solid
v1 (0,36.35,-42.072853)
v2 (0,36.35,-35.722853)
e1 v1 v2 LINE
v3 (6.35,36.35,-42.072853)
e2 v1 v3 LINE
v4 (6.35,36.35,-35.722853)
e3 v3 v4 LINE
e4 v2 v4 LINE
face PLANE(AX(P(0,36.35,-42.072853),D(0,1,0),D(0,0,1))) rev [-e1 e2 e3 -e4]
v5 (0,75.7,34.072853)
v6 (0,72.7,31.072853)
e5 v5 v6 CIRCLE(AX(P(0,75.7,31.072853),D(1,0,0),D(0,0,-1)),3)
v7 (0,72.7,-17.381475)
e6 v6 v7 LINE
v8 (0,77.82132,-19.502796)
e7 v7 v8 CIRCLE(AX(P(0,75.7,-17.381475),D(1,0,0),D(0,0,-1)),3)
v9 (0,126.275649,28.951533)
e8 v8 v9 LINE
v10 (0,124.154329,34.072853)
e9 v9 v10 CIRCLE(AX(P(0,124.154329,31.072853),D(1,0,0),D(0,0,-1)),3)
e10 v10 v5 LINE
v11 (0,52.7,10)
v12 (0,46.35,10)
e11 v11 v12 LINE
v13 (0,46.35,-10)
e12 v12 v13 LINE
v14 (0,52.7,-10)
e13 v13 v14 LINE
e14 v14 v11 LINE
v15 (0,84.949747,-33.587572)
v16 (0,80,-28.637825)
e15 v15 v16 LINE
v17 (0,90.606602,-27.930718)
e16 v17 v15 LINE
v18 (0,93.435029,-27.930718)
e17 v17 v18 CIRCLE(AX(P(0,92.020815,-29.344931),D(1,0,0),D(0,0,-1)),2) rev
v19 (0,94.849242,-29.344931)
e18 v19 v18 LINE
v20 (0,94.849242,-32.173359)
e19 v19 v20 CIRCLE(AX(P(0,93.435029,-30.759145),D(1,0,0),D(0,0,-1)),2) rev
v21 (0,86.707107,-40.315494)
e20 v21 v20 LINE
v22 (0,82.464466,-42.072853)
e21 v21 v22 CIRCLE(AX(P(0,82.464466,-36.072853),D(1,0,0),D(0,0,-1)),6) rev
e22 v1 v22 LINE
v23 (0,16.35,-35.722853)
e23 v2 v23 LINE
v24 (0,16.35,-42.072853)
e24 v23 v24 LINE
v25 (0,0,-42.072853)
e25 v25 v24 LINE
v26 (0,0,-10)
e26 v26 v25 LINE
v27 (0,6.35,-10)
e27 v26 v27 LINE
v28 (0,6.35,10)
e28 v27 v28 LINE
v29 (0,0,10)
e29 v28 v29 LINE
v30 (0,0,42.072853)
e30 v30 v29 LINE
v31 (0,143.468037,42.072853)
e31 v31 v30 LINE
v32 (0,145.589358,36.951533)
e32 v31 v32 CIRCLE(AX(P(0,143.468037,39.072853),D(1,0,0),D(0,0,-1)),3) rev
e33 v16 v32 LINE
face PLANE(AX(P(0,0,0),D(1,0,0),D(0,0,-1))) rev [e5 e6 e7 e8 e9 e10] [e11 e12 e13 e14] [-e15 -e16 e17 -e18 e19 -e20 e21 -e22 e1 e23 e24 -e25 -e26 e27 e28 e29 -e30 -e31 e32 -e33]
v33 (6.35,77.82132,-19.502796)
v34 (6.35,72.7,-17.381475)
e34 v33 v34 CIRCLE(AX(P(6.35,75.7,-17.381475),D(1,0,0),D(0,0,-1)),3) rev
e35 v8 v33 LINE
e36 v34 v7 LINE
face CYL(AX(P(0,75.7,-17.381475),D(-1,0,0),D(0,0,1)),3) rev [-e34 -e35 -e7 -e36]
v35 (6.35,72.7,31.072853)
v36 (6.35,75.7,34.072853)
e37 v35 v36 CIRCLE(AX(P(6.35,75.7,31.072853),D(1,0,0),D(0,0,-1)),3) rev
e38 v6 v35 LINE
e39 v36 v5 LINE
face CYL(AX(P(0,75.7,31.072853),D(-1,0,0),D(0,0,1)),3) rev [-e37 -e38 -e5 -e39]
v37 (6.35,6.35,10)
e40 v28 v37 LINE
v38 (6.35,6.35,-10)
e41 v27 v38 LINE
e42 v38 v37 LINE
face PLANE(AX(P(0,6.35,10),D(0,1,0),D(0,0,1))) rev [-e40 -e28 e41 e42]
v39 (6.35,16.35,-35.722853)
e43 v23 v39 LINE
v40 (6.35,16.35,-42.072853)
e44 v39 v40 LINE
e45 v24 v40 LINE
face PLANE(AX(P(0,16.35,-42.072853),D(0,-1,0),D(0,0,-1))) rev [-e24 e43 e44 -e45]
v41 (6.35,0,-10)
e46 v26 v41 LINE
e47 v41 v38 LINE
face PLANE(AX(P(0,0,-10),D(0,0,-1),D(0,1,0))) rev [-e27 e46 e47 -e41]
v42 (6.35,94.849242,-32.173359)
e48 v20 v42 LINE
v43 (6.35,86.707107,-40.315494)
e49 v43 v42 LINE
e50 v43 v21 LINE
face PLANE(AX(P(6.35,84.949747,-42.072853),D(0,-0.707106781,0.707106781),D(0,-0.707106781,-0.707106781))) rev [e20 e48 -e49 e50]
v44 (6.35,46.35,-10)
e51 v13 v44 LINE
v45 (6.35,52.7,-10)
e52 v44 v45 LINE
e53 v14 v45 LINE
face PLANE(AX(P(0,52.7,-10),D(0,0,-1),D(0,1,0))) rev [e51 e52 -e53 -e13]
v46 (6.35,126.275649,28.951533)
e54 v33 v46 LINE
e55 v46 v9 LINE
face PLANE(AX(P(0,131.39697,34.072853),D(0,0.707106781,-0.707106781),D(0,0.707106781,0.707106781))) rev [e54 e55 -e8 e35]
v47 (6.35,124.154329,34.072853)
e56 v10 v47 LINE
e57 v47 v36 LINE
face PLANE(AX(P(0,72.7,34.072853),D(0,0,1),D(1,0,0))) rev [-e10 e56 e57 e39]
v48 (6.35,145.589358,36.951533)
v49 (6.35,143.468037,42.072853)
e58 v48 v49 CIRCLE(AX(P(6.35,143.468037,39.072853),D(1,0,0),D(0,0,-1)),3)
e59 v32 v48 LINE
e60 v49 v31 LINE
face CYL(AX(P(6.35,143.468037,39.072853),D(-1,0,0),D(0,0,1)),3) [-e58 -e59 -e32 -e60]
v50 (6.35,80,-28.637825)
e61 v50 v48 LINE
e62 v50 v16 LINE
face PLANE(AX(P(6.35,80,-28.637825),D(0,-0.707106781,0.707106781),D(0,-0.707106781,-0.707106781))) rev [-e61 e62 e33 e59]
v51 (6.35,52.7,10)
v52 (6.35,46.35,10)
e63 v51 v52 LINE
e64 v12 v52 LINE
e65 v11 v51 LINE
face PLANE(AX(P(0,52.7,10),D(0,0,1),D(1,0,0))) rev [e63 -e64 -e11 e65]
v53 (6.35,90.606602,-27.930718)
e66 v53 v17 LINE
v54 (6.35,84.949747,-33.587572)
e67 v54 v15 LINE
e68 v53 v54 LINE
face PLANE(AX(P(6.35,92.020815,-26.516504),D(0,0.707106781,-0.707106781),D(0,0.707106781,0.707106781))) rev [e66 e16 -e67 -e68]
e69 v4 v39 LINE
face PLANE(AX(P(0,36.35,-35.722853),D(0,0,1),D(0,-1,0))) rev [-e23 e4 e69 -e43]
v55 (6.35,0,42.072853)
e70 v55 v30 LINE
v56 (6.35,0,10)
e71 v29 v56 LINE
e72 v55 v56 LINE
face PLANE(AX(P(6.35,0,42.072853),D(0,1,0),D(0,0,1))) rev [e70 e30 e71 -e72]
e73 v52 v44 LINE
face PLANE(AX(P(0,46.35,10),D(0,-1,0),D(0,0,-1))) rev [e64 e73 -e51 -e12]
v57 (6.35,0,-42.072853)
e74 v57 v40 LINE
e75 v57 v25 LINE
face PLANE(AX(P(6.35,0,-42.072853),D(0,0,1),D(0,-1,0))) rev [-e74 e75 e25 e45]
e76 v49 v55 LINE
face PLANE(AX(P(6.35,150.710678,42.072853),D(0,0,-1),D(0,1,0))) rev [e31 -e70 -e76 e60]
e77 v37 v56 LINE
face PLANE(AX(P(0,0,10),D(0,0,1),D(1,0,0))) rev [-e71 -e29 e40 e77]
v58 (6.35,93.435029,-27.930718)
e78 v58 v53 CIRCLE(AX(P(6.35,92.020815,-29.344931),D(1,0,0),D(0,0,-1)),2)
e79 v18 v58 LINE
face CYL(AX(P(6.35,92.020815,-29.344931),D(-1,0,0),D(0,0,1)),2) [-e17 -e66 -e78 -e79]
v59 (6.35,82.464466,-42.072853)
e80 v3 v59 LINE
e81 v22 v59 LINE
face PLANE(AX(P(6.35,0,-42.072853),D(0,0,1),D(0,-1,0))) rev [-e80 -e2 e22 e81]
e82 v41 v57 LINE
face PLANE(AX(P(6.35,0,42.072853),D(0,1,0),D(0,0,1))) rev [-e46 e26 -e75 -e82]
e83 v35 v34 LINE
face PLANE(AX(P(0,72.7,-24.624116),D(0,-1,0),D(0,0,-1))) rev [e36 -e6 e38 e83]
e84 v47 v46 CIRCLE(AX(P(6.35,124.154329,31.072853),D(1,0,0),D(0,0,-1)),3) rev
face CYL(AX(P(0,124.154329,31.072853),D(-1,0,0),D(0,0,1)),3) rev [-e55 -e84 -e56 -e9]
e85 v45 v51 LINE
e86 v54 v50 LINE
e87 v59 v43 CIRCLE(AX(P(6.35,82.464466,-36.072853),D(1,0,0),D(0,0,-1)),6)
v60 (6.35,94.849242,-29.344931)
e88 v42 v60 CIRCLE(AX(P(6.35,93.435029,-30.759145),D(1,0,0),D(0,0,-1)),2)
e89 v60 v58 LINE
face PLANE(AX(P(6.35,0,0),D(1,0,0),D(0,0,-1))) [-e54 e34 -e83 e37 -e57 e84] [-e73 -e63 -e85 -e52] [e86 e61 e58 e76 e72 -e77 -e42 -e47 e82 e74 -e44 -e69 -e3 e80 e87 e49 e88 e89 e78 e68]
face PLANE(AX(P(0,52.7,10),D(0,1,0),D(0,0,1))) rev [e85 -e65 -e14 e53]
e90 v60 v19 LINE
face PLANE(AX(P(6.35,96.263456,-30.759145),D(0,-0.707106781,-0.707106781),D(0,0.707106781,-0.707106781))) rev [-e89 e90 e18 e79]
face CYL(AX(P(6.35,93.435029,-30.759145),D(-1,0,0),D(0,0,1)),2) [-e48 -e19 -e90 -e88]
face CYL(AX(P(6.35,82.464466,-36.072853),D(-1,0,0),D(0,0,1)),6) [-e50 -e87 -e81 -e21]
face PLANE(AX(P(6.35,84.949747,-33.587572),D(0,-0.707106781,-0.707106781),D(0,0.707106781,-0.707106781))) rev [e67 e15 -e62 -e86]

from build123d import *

# Parameters (mm, degrees)
BOSS_EXTRU_1_DEPTH      = 6.35
ESQUISSE2_W             = 20
ESQUISSE2_H             = 6.35
ESQUISSE2_W_2           = 6.35
ESQUISSE2_H_2           = 20
ENL_V_MAT_EXTRU_1_DEPTH = 157.601902923
CONG_1_R                = 6
CONG_2_R                = 2
ENL_V_MAT_EXTRU_2_DEPTH = 157.601902923
CONG_4_R                = 3


with BuildPart() as part:
    # Esquisse1 → Boss.-Extru.1 (new body)
    with BuildSketch(Plane(origin=(0, 0, 0), x_dir=(0, 0, -1), z_dir=(1, 0, 0))):
        Polygon((-42.072853481, 0), (42.072853481, 0), (42.072853481, 84.949747468), (30.759144982, 96.263455967), (26.516504294, 92.02081528), (33.587572106, 84.949747468), (28.637824638, 80), (-42.072853481, 150.710678119), align=None)
    extrude(amount=BOSS_EXTRU_1_DEPTH)

    # Esquisse2 → Enlèv. mat.-Extru.1 (cut, through all)
    with BuildSketch(Plane(origin=(6.35, 0, 0), x_dir=(0, 0, -1), z_dir=(1, 0, 0))):
        with Locations((0, 3.175)):
            Rectangle(ESQUISSE2_W, ESQUISSE2_H)
        with Locations((0, 49.525)):
            Rectangle(ESQUISSE2_W, ESQUISSE2_H)
        with Locations((38.897853481, 26.35)):
            Rectangle(ESQUISSE2_W_2, ESQUISSE2_H_2)
    extrude(amount=-ENL_V_MAT_EXTRU_1_DEPTH, mode=Mode.SUBTRACT)

    # Congé1
    cong_1_edges = [part.edges().sort_by_distance(p)[0] for p in [
        (3.175, 84.949747468, -42.072853481),
    ]]
    fillet(cong_1_edges, radius=CONG_1_R)

    # Congé2
    cong_2_edges = [part.edges().sort_by_distance(p)[0] for p in [
        (3.175, 92.02081528, -26.516504294),
        (3.175, 96.263455967, -30.759144982),
    ]]
    fillet(cong_2_edges, radius=CONG_2_R)

    # Esquisse4 → Enlèv. mat.-Extru.2 (cut, through all)
    with BuildSketch(Plane(origin=(6.35, 0, 0), x_dir=(0, 0, -1), z_dir=(1, 0, 0))):
        Polygon((24.624116139, 72.7), (-34.072853481, 72.7), (-34.072853481, 131.39696962), align=None)
    extrude(amount=-ENL_V_MAT_EXTRU_2_DEPTH, mode=Mode.SUBTRACT)

    # Congé4
    cong_4_edges = [part.edges().sort_by_distance(p)[0] for p in [
        (3.175, 150.710678119, 42.072853481),
        (3.175, 131.39696962, 34.072853481),
        (3.175, 72.7, -24.624116139),
        (3.175, 72.7, 34.072853481),
    ]]
    fillet(cong_4_edges, radius=CONG_4_R)


solid = part.part
